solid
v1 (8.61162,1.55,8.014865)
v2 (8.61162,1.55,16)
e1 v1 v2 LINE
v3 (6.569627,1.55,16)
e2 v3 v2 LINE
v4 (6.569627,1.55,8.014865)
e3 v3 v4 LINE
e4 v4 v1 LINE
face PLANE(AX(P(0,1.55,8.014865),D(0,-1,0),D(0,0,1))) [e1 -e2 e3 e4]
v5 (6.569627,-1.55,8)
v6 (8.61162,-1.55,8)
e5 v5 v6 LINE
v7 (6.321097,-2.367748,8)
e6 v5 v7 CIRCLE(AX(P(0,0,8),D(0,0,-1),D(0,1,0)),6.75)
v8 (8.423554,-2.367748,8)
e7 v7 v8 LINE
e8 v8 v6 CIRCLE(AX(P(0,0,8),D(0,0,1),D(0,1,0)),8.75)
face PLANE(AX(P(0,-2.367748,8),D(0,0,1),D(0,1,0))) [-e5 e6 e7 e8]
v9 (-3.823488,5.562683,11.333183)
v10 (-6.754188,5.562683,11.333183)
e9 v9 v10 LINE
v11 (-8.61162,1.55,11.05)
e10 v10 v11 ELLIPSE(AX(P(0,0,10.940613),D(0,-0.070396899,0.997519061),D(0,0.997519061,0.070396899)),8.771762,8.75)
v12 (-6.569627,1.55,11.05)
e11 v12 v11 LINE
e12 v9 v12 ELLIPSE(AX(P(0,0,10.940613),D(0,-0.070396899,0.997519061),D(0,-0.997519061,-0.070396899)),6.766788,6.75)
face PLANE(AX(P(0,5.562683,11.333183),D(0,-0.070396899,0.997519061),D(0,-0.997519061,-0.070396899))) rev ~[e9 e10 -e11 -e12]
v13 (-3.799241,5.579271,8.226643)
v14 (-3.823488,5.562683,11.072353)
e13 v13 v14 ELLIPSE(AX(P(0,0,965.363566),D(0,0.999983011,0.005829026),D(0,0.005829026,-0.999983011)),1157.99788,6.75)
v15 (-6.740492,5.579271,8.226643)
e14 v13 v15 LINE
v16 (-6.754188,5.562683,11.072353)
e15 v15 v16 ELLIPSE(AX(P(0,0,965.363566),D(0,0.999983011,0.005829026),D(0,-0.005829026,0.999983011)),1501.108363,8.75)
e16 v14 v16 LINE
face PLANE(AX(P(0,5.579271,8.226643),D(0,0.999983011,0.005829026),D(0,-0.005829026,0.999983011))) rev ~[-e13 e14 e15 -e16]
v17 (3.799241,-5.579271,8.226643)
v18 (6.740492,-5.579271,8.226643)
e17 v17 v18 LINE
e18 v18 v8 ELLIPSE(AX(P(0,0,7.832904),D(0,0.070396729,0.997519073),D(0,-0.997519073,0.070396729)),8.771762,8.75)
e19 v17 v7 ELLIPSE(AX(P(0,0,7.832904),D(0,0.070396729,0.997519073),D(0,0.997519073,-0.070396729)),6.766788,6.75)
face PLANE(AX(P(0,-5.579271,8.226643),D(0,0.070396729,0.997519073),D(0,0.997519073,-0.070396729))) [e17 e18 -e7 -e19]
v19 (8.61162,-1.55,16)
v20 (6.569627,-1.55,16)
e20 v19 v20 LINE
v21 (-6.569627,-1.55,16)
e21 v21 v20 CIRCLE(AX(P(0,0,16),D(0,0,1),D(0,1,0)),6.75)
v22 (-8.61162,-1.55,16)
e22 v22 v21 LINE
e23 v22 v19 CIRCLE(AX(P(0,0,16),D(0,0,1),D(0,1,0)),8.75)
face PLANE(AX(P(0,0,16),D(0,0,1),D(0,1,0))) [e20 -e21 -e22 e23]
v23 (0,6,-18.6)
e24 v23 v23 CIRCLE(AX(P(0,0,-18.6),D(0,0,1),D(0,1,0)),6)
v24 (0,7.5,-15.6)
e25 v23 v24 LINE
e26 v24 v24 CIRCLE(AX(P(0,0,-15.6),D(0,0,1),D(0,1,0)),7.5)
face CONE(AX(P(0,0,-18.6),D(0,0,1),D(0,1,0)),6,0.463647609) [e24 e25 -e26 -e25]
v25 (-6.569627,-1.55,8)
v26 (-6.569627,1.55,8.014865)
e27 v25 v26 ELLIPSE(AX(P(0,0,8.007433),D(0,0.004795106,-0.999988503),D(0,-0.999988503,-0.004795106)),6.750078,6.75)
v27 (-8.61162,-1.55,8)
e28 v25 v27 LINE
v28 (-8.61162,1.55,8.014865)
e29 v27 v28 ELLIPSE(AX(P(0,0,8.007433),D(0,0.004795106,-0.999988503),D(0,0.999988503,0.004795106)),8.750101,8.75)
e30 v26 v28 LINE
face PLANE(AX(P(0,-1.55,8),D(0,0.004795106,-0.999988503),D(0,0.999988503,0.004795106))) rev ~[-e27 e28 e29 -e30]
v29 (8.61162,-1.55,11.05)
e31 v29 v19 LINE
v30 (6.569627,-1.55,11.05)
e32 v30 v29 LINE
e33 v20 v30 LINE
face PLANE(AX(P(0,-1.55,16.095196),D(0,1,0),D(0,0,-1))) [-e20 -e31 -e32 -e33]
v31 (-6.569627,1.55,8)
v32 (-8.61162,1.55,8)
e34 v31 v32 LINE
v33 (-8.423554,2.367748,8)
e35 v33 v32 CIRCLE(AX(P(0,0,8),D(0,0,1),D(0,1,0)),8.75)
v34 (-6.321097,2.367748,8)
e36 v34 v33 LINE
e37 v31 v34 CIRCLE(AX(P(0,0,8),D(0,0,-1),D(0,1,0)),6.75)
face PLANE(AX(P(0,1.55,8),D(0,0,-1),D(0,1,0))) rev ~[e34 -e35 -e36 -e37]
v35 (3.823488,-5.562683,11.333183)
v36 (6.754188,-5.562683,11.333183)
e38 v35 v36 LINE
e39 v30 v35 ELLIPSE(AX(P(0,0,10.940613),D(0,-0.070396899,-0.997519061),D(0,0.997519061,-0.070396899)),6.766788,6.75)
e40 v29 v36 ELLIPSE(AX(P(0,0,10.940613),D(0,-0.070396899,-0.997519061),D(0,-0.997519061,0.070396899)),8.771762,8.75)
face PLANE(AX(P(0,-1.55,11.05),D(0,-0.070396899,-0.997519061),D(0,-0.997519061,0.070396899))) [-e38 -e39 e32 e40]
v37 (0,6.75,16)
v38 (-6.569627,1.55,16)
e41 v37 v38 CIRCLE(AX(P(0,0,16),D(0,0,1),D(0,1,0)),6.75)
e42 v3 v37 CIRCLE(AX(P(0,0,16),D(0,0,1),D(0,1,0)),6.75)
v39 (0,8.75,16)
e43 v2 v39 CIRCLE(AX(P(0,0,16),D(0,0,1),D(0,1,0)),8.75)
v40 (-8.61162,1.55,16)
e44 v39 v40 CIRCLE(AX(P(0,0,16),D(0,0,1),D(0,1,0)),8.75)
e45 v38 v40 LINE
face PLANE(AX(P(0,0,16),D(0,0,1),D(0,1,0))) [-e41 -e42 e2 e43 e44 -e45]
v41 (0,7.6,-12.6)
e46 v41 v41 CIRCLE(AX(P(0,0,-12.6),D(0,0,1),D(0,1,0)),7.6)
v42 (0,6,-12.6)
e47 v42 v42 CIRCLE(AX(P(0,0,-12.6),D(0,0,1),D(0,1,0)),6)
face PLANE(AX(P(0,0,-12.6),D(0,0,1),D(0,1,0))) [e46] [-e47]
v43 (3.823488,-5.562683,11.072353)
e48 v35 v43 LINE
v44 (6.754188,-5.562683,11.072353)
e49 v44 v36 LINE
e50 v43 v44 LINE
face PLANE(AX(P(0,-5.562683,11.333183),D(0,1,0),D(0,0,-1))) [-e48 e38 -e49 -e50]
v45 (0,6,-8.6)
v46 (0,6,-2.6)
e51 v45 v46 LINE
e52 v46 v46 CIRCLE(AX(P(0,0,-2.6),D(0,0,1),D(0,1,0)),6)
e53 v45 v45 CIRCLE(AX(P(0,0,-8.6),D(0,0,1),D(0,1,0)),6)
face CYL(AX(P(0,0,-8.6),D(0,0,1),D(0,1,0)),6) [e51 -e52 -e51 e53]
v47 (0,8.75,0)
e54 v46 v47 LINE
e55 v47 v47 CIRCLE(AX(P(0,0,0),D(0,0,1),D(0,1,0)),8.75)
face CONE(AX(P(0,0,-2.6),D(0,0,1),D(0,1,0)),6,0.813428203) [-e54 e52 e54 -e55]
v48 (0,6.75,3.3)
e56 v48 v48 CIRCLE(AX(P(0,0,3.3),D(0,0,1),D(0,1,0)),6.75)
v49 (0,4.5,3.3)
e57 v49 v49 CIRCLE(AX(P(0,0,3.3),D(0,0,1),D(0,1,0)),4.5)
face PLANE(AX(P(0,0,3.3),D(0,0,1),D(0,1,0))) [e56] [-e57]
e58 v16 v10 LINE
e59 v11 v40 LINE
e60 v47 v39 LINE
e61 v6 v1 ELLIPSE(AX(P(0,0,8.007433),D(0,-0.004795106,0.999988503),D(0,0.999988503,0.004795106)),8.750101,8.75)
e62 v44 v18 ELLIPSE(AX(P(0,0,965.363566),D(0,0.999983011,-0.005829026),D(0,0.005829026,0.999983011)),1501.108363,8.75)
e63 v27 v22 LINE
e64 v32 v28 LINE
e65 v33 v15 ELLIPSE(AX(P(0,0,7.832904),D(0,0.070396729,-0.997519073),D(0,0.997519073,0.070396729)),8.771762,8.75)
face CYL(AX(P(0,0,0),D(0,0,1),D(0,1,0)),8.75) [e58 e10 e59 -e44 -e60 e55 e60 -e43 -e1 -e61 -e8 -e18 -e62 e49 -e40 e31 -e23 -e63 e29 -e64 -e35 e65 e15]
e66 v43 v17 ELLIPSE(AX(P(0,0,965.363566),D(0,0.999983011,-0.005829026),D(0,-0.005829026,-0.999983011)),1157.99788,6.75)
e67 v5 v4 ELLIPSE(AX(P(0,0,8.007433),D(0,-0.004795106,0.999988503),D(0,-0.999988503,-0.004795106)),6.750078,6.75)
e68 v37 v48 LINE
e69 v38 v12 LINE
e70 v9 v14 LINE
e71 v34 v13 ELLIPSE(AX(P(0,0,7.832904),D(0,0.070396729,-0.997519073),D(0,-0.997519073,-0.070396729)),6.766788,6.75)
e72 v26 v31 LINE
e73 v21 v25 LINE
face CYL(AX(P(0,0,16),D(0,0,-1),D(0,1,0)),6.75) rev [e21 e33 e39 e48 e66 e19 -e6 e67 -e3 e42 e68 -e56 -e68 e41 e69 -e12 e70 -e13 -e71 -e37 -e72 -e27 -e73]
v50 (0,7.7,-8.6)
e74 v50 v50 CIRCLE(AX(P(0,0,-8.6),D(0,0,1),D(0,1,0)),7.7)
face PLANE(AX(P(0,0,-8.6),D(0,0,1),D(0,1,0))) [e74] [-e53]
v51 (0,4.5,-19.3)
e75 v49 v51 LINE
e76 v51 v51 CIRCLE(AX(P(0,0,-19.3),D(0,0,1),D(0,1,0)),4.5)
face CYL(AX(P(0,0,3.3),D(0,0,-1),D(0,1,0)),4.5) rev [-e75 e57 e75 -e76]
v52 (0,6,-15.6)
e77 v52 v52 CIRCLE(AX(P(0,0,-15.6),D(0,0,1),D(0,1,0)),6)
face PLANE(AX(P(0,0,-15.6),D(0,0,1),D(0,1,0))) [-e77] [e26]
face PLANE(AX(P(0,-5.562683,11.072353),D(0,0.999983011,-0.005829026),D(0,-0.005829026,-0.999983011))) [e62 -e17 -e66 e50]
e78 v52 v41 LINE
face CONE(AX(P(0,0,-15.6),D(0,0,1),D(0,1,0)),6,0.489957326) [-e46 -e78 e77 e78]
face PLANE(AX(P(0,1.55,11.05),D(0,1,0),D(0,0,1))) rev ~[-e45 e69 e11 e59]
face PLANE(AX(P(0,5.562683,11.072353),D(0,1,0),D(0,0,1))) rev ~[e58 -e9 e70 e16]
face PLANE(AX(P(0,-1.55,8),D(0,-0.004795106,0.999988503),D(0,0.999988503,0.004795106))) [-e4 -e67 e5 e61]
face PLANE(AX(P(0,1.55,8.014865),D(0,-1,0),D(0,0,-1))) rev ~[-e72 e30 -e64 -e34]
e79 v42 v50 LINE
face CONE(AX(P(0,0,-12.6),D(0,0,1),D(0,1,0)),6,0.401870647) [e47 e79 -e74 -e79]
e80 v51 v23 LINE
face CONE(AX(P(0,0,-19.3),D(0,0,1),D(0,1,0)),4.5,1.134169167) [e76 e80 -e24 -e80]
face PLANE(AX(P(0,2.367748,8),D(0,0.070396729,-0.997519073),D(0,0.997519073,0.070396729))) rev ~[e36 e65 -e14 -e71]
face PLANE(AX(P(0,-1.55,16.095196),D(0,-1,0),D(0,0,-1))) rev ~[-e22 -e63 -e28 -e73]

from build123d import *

# Parameters (mm, degrees)
F3_DEPTH = 25
F4_DEPTH = 25


with BuildPart() as f1:
    # F0 (on Right) → F1 (revolve)
    with BuildSketch(Plane.YZ):
        Polygon((6.75, 16), (6.75, 4), (6.75, 3.3), (4.5, 3.3), (4.5, 0), (4.5, -19.3), (6, -18.6), (7.5, -15.6), (6, -15.6), (7.6, -12.6), (6, -12.6), (7.7, -8.6), (6, -8.6), (6, -2.6), (8.75, 0), (8.75, 16), align=None)
    revolve(axis=Axis((0, 0, 14.120129), (0, 0, 1)))

    # F2 (on Right) → F3 (cut)
    with BuildSketch(Plane.YZ):
        Polygon((-1.55, 11.05), (-1.55, 8), (1.55, 8.014865), (1.55, 11.05), (1.55, 16.095196), (-1.55, 16.095196), align=None)
        Polygon((-2.367748, 8), (-1.55, 8), (-1.55, 11.05), (-5.562683, 11.333183), (-5.562683, 11.072353), (-5.579271, 8.226643), align=None)
    extrude(amount=F3_DEPTH, mode=Mode.SUBTRACT)

    # F2 (on Right) → F4 (cut)
    with BuildSketch(Plane.YZ):
        Polygon((1.55, 11.05), (1.55, 8.014865), (1.55, 8), (2.367748, 8), (5.579271, 8.226643), (5.562683, 11.072353), (5.562683, 11.333183), align=None)
        Polygon((-1.55, 11.05), (-1.55, 8), (1.55, 8.014865), (1.55, 11.05), (1.55, 16.095196), (-1.55, 16.095196), align=None)
    extrude(amount=-F4_DEPTH, mode=Mode.SUBTRACT)


solid = f1.part
